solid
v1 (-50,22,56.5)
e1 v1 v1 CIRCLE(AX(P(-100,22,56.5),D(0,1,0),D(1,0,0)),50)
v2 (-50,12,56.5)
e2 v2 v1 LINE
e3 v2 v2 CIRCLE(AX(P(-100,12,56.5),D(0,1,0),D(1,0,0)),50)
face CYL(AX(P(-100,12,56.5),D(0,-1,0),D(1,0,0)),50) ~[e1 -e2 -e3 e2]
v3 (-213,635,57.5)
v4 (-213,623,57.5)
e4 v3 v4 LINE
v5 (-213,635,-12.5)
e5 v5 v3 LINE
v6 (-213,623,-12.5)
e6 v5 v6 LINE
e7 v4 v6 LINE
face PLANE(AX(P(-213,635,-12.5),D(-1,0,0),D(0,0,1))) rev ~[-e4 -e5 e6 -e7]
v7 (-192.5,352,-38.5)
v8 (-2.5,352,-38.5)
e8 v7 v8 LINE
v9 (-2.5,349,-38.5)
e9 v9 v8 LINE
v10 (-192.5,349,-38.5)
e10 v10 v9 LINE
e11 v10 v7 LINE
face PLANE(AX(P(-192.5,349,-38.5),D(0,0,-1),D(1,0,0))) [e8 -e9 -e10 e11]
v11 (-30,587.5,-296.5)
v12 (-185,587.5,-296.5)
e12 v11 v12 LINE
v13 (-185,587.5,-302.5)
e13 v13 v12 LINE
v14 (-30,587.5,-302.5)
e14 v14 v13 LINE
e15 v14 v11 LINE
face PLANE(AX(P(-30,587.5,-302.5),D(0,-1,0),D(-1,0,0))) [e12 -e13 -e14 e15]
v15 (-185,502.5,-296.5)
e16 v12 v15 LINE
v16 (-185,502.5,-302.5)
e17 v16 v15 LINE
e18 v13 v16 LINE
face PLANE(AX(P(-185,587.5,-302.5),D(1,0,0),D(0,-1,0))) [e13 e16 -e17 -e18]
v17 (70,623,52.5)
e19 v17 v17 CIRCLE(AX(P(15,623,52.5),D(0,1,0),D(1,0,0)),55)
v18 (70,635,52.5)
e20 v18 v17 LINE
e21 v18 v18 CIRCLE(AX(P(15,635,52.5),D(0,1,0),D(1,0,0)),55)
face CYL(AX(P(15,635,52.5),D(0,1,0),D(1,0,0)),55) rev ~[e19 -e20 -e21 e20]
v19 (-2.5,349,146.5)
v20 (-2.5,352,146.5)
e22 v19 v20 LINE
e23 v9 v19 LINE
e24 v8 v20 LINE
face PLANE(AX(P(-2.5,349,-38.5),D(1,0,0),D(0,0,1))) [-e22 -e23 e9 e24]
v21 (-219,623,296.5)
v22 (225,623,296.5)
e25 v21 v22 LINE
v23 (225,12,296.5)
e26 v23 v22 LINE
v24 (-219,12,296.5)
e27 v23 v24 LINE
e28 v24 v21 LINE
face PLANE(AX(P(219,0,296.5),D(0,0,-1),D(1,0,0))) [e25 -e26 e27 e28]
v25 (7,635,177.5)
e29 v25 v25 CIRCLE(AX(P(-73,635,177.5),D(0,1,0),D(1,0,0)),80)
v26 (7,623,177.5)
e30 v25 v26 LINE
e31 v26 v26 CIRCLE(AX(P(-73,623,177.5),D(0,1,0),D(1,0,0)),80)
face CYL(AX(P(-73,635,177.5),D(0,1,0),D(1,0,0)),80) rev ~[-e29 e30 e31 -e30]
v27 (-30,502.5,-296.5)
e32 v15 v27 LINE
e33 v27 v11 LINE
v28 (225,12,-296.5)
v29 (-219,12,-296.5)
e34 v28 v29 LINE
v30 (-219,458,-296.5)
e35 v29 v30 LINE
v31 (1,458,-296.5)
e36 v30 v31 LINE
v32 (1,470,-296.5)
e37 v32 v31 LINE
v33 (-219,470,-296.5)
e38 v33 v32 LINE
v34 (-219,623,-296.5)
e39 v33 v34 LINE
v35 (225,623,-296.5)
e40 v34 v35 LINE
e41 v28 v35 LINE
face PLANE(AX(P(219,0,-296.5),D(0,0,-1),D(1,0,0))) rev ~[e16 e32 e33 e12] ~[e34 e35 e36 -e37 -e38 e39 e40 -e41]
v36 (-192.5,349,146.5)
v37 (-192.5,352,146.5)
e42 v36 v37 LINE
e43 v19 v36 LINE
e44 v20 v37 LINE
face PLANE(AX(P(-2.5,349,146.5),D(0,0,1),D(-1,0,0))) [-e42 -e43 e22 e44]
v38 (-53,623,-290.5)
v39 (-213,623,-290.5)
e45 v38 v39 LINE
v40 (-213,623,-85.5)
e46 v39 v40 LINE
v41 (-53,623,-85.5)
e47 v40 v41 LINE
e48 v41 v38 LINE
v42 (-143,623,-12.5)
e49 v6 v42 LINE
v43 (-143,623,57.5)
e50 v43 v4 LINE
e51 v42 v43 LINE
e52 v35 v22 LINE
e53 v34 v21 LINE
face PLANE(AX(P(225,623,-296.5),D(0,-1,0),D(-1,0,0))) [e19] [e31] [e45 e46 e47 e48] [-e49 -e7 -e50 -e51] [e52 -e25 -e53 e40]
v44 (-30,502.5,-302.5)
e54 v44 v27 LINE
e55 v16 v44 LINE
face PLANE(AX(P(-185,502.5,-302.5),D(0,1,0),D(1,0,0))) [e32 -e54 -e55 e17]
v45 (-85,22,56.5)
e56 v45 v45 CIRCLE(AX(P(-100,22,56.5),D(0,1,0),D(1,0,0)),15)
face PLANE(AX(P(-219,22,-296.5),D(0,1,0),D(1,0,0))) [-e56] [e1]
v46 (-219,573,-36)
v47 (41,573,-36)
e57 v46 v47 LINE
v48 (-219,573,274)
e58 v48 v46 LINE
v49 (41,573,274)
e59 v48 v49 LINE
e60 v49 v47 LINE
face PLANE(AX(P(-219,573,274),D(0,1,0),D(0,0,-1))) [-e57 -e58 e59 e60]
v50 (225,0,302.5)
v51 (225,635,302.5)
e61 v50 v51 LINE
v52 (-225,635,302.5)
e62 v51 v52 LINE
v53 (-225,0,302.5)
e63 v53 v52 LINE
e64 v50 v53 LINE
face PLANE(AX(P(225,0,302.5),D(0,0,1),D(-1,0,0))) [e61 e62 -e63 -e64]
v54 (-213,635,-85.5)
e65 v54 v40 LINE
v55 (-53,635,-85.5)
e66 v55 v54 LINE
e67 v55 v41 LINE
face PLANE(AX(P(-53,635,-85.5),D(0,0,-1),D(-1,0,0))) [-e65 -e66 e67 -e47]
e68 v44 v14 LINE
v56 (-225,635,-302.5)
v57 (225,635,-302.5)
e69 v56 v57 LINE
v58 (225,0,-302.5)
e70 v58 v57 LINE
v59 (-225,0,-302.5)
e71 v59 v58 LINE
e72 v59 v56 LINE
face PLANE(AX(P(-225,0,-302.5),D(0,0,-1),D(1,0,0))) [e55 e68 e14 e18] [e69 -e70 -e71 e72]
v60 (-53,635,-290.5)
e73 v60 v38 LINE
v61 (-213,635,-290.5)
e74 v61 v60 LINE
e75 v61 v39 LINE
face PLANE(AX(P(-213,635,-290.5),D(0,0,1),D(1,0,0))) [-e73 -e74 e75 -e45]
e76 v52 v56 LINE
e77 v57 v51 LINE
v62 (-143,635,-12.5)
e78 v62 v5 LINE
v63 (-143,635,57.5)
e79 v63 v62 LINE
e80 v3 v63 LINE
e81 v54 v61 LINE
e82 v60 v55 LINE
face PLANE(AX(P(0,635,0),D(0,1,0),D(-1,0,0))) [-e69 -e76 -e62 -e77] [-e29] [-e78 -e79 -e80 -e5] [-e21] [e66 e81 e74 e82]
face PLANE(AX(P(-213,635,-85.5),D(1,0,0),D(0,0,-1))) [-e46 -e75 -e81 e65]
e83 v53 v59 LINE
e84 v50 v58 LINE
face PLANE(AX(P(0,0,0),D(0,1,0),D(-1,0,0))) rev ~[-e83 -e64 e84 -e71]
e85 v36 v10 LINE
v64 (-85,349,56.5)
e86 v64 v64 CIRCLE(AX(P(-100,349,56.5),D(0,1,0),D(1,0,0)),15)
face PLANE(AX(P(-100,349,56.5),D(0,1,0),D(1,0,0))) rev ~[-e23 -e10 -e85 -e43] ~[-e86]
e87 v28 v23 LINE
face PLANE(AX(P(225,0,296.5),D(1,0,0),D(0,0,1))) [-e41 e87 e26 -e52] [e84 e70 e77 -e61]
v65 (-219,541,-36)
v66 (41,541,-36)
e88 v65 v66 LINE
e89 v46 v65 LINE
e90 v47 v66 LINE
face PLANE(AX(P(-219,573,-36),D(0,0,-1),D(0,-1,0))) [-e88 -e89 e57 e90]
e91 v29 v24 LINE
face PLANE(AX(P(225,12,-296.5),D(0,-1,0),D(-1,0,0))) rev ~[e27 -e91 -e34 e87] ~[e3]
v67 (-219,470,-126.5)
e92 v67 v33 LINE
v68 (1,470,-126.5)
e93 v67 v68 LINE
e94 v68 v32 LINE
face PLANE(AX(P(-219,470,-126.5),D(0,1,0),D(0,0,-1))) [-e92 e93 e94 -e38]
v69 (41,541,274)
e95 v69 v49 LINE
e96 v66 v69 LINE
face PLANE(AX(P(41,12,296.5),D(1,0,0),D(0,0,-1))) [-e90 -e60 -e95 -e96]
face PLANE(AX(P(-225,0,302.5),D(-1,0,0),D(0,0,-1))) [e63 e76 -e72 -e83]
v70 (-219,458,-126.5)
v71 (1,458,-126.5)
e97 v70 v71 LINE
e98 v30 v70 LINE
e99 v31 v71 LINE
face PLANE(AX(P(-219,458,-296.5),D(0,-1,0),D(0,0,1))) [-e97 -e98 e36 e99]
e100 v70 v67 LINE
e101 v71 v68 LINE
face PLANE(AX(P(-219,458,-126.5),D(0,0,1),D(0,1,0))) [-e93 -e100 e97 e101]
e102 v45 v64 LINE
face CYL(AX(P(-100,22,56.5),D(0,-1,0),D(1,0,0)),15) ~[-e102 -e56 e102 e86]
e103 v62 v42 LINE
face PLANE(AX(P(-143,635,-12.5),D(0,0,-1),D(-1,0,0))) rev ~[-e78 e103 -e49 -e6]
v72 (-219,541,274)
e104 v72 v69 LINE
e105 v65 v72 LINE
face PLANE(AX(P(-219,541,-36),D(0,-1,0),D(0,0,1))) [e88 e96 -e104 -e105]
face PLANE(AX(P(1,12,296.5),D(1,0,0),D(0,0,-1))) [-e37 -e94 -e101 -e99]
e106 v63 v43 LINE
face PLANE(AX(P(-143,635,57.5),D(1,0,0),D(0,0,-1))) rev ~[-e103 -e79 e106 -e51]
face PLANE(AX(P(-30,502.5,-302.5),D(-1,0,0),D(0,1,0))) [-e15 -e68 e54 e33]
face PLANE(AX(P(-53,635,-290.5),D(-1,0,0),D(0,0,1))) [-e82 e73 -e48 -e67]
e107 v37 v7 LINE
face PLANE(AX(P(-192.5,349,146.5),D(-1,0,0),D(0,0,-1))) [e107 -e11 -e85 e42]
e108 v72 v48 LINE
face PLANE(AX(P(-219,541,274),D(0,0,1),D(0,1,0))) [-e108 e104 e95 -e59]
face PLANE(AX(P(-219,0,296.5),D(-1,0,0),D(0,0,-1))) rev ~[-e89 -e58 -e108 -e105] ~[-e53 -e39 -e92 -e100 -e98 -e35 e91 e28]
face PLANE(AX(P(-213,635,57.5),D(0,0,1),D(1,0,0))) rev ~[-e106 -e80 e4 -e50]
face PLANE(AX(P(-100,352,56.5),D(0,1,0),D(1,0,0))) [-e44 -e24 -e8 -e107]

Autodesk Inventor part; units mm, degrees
ref_plane "YZ Plane" through (0, 0, 0) normal (1, 0, 0) x (0, 1, 0)
ref_plane "XZ Plane" through (0, 0, 0) normal (0, 1, 0) x (-1, 0, 0)
ref_plane "XY Plane" through (0, 0, 0) normal (0, 0, 1) x (1, 0, 0)
sketch "Sketch1" plane through (0, 0, 0) normal (0, 1, 0) x (-1, 0, 0)
  line L0 (-225, 302.5) -> (225, 302.5)
  line L1 (225, 302.5) -> (225, -302.5)
  line L2 (225, -302.5) -> (-225, -302.5)
  line L3 (-225, -302.5) -> (-225, 302.5)
  line L4 (-225, 302.5) -> (225, -302.5) construction
  line L5 (225, 302.5) -> (-225, -302.5) construction
  line L6 (-219, 296.5) -> (219, 296.5)
  line L7 (219, 296.5) -> (219, -296.5)
  line L8 (219, -296.5) -> (-219, -296.5)
  line L9 (-219, -296.5) -> (-219, 296.5)
  line L10 (-219, 296.5) -> (219, -296.5) construction
  line L11 (219, 296.5) -> (-219, -296.5) construction
  line L12 (-219, 296.5) -> (-225, 296.5)
  line L13 (-219, 296.5) -> (-213, 296.5) construction
  line L14 (-219, -296.5) -> (-225, -296.5)
  line L15 (-219, -296.5) -> (-213, -296.5) construction
  point P0 (0, 0)
  dimension "d0" = 450
  dimension "d1" = 605
  dimension "d2" = 438
  dimension "d3" = 593
  dimension "d4" = 6
  dimension "d5" = 180
  dimension "d6" = 6
  dimension "d7" = 180
extrude "Extrusion1" add sketch "Sketch1" along normal blind 635 contours L0 L1 L2 L3 L14 L8 L7 L6 L12
sketch "Sketch2" plane through (-219, 0, -296.5) normal (0, 0, 1) x (1, 0, 0)
  line L0 (0, 635) -> (444, 635) projected
  line L1 (444, 0) -> (444, 635) projected
  line L2 (0, 635) -> (444, 635)
  line L3 (444, 635) -> (444, 623)
  line L4 (444, 623) -> (0, 623)
  line L5 (0, 623) -> (0, 635)
  line L6 (0, 0) -> (444, 0)
  line L7 (444, 0) -> (444, 12)
  line L8 (444, 12) -> (0, 12)
  line L9 (0, 12) -> (0, 0)
  point P0 (219, 0)
  dimension "d10" = 12
  dimension "d13" = 12
extrude "Extrusion2" add sketch "Sketch2" along normal up to surface (593 mm away)
sketch "Sketch3" plane through (0, 635, 0) normal (0, 1, 0) x (1, 0, 0)
  circle A0 centre (-73, -177.5) radius 80
  line L0 (-225, 302.5) -> (-225, -302.5) projected
  line L1 (-225, -302.5) -> (225, -302.5) projected
  circle A1 centre (-125, 202.5) radius 37.5
  line L2 (225, 302.5) -> (-225, 302.5) projected
  line L3 (-213, -57.5) -> (-143, -57.5)
  line L4 (-143, -57.5) -> (-143, 12.5)
  line L5 (-143, 12.5) -> (-213, 12.5)
  line L6 (-213, 12.5) -> (-213, -57.5)
  line L7 (-213, -57.5) -> (-143, 12.5) construction
  line L8 (-143, -57.5) -> (-213, 12.5) construction
  circle A2 centre (15, -52.5) radius 55
  line L9 (225, -302.5) -> (225, 302.5) projected
  line L10 (-53, 85.5) -> (-213, 85.5)
  line L11 (-213, 85.5) -> (-213, 290.5)
  line L12 (-213, 290.5) -> (-53, 290.5)
  line L13 (-53, 290.5) -> (-53, 85.5)
  line L14 (-53, 85.5) -> (-213, 290.5) construction
  line L15 (-213, 85.5) -> (-53, 290.5) construction
  point P0 (0, 0)
  point P1 (-178, -22.5)
  point P2 (-133, 188)
  dimension "d14" = 160
  dimension "d15" = 152
  dimension "d16" = 125
  dimension "d17" = 75
  dimension "d18" = 100
  dimension "d19" = 100
  dimension "d20" = 325
  dimension "d21" = 47
  dimension "d22" = 70
  dimension "d23" = 70
  dimension "d24" = 110
  dimension "d25" = 210
  dimension "d26" = 250
  dimension "d37" = 205
  dimension "d38" = 160
  dimension "d39" = 12
  dimension "d40" = 12
extrude "Extrusion3" cut sketch "Sketch3" against normal blind 100 contours A0 | A1 | L6 L5 L4 L3 | A2 | L10 L11 L12 L13
sketch "Sketch4" plane through (225, 0, -302.5) normal (0, 0, -1) x (-1, 0, 0)
  line L0 (255, 587.5) -> (410, 587.5)
  line L1 (410, 587.5) -> (410, 502.5)
  line L2 (410, 502.5) -> (255, 502.5)
  line L3 (255, 502.5) -> (255, 587.5)
  line L4 (255, 587.5) -> (410, 502.5) construction
  line L5 (410, 587.5) -> (255, 502.5) construction
  line L6 (450, 0) -> (450, 635) projected
  line L7 (0, 635) -> (450, 635) projected
  point P0 (225, 0)
  point P1 (332.5, 545)
  dimension "d31" = 155
  dimension "d32" = 85
  dimension "d33" = 40
  dimension "d34" = 90
extrude "Extrusion4" cut sketch "Sketch4" against normal blind 100
sketch "Sketch5" plane through (-219, 12, 296.5) normal (1, 0, 0) x (0, 0, -1)
  line L0 (22.5, 561) -> (332.5, 561)
  line L1 (332.5, 561) -> (332.5, 529)
  line L2 (332.5, 529) -> (22.5, 529)
  line L3 (22.5, 529) -> (22.5, 561)
  line L4 (22.5, 561) -> (332.5, 529) construction
  line L5 (332.5, 561) -> (22.5, 529) construction
  line L6 (0, 0) -> (0, 611) projected
  line L7 (593, 611) -> (0, 611) projected
  point P0 (296.5, -12)
  point P1 (177.5, 545)
  dimension "d41" = 22.5
  dimension "d42" = 310
  dimension "d43" = 32
  dimension "d44" = 82
extrude "Extrusion5" add sketch "Sketch5" along normal blind 260
sketch "Sketch6" plane through (-219, 12, 296.5) normal (1, 0, 0) x (0, 0, -1)
  line L0 (423, 458) -> (593, 458)
  line L1 (593, 458) -> (593, 446)
  line L2 (593, 446) -> (423, 446)
  line L3 (423, 446) -> (423, 458)
  line L4 (423, 458) -> (593, 446) construction
  line L5 (593, 458) -> (423, 446) construction
  line L6 (593, 611) -> (0, 611) projected
  line L7 (593, 0) -> (593, 611) projected
  point P0 (296.5, -12)
  point P1 (508, 452)
  dimension "d47" = 170
  dimension "d48" = 12
  dimension "d49" = 165
  dimension "d50" = 0
extrude "Extrusion6" add sketch "Sketch6" along normal blind 220
sketch "Sketch7" plane through (-219, 12, -296.5) normal (0, 1, 0) x (1, 0, 0)
  circle A0 centre (119, -353) radius 50
  line L0 (444, 0) -> (444, -593) projected
  line L1 (444, -593) -> (0, -593) projected
  point P0 (219, -296.5)
  dimension "d53" = 100
  dimension "d54" = 325
  dimension "d55" = 240
extrude "Extrusion7" add sketch "Sketch7" along normal blind 10
sketch "Sketch8" plane through (-100, 22, 56.5) normal (0, 1, 0) x (1, 0, 0)
  circle A0 centre (0, 0) radius 15
  point P0 (100, 56.5)
  dimension "d58" = 30
extrude "Extrusion8" add sketch "Sketch8" along normal blind 327
sketch "Sketch9" plane through (-100, 349, 56.5) normal (0, 1, 0) x (1, 0, 0)
  line L0 (97.5, -90) -> (-92.5, -90)
  line L1 (-92.5, -90) -> (-92.5, 95)
  line L2 (-92.5, 95) -> (97.5, 95)
  line L3 (97.5, 95) -> (97.5, -90)
  line L4 (97.5, -90) -> (-92.5, 95) construction
  line L5 (-92.5, -90) -> (97.5, 95) construction
  point P0 (100, 56.5)
  point P1 (2.5, 2.5)
  dimension "d61" = 190
  dimension "d62" = 185
extrude "Extrusion9" add sketch "Sketch9" along normal blind 3
properties part number "Outer Casing"
